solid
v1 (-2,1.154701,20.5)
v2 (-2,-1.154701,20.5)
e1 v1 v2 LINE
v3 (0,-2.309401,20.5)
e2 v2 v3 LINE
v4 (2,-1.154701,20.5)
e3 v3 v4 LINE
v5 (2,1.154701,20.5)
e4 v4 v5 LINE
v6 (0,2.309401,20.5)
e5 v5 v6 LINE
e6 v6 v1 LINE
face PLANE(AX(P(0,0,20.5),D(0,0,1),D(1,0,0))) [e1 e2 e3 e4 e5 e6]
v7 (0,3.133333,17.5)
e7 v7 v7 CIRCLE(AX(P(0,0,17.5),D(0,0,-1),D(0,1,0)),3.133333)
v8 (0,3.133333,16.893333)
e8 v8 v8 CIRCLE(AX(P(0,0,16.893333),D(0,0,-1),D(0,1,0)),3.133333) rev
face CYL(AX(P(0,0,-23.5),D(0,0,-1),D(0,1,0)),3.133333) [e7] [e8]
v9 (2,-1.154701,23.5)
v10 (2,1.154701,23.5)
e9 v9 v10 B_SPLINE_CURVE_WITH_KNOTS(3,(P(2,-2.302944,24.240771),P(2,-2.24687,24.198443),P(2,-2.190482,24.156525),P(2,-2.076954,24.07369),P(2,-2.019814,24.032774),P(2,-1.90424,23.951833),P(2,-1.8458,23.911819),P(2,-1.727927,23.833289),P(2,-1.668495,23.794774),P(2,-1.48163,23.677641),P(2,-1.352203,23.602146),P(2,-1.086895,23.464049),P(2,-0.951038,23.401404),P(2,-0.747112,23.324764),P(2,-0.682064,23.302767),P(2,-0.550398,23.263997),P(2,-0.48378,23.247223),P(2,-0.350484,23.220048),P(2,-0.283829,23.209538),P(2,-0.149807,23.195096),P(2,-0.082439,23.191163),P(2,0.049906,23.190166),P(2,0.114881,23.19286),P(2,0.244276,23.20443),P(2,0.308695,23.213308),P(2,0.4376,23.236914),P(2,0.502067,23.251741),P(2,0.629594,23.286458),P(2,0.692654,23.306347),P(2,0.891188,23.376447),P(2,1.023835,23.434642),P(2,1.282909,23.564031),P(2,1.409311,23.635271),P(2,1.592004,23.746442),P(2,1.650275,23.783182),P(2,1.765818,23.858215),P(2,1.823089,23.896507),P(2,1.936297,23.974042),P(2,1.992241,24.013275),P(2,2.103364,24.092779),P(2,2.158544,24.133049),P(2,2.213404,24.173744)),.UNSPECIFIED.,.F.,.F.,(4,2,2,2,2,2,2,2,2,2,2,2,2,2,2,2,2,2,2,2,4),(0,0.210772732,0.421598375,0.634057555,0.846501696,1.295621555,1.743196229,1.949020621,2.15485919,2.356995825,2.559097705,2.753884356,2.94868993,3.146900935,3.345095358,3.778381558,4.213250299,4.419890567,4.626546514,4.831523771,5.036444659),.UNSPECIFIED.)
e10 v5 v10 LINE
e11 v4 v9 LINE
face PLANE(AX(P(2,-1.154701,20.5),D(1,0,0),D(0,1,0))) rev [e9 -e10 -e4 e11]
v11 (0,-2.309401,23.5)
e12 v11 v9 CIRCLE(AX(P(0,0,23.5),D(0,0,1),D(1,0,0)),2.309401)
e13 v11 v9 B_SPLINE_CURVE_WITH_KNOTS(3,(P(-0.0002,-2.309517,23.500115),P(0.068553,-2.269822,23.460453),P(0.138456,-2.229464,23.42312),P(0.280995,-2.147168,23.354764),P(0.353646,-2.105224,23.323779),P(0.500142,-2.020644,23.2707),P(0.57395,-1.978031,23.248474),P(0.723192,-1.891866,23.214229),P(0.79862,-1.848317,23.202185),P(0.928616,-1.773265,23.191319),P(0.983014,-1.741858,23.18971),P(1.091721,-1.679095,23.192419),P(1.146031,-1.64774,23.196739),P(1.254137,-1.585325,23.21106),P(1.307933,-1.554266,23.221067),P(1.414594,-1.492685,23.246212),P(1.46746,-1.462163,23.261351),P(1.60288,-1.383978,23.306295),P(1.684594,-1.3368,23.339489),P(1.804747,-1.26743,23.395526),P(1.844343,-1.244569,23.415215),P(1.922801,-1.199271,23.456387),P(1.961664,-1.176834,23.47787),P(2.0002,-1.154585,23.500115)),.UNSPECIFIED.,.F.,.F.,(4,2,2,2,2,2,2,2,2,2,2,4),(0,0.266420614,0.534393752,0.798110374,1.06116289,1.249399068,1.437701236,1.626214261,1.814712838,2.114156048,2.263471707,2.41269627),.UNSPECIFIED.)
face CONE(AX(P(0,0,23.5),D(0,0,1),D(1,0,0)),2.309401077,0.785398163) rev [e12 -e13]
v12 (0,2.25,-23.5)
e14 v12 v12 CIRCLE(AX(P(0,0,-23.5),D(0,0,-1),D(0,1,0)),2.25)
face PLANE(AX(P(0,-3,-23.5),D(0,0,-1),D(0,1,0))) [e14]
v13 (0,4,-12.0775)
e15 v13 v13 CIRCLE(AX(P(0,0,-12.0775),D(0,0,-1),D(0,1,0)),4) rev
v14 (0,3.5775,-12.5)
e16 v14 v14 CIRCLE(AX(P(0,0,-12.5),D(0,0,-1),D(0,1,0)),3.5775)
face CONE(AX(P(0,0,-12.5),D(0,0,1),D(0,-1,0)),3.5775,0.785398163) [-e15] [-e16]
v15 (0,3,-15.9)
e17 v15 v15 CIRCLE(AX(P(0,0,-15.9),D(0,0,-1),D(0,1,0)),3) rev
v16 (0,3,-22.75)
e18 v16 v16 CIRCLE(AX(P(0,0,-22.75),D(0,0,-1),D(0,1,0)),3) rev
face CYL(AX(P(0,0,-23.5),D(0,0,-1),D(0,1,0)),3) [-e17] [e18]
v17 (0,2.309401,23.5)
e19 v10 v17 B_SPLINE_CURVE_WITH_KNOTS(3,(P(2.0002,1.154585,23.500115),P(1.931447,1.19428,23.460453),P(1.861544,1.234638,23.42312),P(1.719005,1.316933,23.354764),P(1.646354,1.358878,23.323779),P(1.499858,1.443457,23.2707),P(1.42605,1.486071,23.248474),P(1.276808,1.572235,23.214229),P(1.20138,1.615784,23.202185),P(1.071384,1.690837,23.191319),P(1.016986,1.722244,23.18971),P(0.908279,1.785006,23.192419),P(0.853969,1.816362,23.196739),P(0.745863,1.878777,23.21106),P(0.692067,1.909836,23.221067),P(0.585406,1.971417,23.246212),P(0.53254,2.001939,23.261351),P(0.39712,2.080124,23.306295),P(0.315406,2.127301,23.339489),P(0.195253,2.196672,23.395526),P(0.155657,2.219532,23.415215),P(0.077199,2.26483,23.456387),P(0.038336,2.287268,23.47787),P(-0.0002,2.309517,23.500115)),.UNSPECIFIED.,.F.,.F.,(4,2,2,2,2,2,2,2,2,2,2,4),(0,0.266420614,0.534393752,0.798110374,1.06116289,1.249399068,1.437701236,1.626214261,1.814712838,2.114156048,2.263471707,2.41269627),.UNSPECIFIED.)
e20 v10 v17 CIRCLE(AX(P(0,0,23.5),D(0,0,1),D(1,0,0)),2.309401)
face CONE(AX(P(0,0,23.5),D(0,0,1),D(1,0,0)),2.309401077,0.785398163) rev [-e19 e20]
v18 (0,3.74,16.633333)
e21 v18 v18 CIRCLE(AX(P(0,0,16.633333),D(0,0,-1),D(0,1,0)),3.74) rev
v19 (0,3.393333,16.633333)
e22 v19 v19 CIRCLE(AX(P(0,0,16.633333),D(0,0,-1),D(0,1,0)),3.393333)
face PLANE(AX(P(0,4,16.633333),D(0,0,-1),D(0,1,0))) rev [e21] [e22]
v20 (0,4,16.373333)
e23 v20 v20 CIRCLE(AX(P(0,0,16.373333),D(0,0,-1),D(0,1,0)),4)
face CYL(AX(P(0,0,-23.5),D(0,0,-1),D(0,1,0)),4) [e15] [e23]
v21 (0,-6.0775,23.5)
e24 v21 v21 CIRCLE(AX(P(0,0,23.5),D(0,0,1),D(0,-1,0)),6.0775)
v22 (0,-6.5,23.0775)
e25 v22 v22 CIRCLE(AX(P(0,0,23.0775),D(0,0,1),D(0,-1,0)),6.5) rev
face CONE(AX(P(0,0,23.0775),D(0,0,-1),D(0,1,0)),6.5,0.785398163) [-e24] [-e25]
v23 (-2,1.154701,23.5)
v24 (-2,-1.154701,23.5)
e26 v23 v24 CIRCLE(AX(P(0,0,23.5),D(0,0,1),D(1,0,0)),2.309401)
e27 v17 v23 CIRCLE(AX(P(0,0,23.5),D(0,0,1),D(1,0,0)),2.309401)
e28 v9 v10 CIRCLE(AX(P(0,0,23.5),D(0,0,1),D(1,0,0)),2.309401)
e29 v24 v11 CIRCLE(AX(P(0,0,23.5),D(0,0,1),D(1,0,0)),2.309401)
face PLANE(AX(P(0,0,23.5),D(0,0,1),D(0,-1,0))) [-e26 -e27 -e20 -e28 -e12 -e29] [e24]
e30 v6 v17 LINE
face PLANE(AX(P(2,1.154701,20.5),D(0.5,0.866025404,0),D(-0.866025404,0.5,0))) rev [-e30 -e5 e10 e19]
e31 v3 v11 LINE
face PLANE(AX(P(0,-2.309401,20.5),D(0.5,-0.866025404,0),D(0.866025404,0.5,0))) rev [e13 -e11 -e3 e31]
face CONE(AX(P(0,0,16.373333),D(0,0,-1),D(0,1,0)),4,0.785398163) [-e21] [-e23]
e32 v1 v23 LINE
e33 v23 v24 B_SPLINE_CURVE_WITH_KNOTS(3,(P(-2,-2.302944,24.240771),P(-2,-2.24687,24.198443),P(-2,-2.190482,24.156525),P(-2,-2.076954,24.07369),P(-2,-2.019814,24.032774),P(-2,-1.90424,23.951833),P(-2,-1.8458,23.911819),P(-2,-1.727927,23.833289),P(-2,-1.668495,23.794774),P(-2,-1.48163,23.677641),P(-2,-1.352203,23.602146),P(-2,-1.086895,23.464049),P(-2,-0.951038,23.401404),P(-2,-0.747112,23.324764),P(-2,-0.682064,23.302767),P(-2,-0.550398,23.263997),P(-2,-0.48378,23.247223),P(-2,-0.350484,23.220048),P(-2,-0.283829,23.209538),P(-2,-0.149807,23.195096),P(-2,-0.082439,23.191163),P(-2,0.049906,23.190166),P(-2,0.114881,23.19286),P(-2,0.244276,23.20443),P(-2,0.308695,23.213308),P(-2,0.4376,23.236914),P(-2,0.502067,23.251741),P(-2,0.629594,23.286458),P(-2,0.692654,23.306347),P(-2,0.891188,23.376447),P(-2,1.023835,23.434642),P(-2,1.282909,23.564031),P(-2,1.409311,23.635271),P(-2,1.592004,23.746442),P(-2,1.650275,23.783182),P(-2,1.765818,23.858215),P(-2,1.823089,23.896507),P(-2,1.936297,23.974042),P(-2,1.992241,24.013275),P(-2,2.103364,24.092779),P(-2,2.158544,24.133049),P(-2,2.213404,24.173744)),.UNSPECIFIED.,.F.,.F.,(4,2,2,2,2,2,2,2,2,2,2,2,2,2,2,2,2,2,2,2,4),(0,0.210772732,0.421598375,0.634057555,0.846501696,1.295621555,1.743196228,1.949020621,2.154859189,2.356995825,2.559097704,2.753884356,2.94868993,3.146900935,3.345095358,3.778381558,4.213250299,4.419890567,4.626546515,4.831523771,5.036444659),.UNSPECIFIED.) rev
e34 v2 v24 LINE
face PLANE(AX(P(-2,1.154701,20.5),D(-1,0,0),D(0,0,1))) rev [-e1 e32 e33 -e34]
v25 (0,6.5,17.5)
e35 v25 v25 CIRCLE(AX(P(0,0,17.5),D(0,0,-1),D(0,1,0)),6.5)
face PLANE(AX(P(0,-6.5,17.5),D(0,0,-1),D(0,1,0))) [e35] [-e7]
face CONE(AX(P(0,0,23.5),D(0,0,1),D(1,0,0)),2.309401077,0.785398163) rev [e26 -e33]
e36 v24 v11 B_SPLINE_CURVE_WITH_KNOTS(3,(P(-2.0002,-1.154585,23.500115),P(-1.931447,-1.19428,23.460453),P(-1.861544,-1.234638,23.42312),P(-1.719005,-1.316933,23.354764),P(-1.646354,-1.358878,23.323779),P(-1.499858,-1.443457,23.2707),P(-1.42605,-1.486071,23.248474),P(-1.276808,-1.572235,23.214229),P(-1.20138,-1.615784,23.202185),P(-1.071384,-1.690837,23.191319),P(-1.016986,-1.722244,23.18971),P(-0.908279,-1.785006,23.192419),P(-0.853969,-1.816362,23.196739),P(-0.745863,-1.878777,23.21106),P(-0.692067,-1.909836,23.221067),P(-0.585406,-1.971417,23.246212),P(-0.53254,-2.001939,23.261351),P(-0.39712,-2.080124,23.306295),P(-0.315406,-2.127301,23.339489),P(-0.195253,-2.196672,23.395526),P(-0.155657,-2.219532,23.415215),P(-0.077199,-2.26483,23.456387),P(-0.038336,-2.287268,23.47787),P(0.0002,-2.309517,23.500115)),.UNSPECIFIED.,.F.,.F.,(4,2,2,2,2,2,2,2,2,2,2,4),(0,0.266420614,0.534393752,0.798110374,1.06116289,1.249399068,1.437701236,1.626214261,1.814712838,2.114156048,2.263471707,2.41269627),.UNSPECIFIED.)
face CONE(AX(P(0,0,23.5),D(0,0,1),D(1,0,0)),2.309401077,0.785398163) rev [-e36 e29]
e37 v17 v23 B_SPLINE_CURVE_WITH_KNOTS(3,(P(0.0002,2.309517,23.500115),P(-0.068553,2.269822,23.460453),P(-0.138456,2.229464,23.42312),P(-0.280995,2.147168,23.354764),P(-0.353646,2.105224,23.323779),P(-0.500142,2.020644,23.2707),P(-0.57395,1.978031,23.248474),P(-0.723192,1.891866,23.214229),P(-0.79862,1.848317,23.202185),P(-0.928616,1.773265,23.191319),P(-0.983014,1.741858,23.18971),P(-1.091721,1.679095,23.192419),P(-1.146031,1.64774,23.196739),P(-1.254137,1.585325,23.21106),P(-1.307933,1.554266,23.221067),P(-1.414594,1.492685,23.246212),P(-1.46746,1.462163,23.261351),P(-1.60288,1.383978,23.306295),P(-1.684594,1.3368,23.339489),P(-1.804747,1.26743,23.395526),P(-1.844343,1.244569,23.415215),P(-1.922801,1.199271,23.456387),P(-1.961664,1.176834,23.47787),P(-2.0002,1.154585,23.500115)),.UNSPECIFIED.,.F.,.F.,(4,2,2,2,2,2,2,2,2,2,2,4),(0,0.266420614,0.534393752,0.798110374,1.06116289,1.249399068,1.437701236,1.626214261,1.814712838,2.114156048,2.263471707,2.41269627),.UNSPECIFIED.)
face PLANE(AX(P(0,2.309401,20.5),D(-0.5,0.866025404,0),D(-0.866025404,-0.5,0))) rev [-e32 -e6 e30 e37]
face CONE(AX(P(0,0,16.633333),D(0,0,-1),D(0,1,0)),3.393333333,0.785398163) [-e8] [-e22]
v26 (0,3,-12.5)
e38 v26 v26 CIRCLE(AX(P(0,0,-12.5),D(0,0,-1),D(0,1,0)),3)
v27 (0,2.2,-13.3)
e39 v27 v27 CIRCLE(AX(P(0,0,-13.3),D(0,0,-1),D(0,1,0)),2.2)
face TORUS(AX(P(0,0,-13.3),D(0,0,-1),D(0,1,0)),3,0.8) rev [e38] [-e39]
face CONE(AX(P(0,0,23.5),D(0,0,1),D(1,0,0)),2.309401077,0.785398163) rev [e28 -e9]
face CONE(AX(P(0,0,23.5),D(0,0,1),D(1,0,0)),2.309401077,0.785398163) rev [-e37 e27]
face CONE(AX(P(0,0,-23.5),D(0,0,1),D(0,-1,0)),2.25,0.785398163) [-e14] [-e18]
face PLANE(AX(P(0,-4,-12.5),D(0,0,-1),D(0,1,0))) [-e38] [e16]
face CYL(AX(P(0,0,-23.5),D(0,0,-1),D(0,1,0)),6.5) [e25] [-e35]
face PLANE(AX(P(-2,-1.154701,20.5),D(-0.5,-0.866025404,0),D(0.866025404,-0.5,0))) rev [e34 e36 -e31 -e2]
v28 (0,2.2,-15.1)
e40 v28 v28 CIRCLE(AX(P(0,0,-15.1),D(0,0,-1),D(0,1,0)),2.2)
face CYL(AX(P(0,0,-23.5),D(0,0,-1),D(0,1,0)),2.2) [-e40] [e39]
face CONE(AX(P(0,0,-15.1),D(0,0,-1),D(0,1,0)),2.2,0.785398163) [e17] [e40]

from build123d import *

# Parameters (mm, degrees)
SKETCH4_W          = 0.866666667
SKETCH4_H          = 0.866666667
CHAMFER1_SIZE      = 0.26
CHAMFER2_SIZE      = 0.75
CHAMFER3_SIZE      = 0.4225
CUT_EXTRUDE1_DEPTH = 3


with BuildPart() as part:
    # Sketch3 → Revolve1 (revolve)
    with BuildSketch(Plane(origin=(0, 0, 0), x_dir=(0, 0, -1), z_dir=(1, 0, 0))):
        Polygon((-23.5, 6.5), (-17.5, 6.5), (-17.5, 4), (12.5, 4), (12.5, 3), (23.5, 3), (23.5, 0), (-23.5, 0), align=None)
    revolve(axis=Axis((0, 0, -23.5), (0, 0, 1)))

    # Sketch4 → Cut-Revolve1 (revolve, cut)
    with BuildSketch(Plane(origin=(0, 0, 0), x_dir=(0, 0, -1), z_dir=(1, 0, 0))):
        with Locations((-17.066666666, 3.566666667)):
            Rectangle(SKETCH4_W, SKETCH4_H)
    revolve(axis=Axis((0, 0, -23.5), (0, 0, 1)), mode=Mode.SUBTRACT)

    # Chamfer1
    chamfer1_edges = [part.edges().sort_by_distance(p)[0] for p in [
        (0, -3.133333333, 16.633333333),
        (0, -4, 16.633333333),
    ]]
    chamfer(chamfer1_edges, length=CHAMFER1_SIZE)

    # Sketch6 → Cut-Revolve2 (revolve, cut)
    with BuildSketch(Plane(origin=(0, 0, 0), x_dir=(0, 0, -1), z_dir=(1, 0, 0))):
        with BuildLine():
            Line((12.5, 4), (16.9, 4))
            Line((16.9, 4), (15.1, 2.2))
            Line((15.1, 2.2), (13.3, 2.2))
            ThreePointArc((13.3, 2.2), (12.734314575, 2.434314575), (12.5, 3))
            Line((12.5, 3), (12.5, 4))
        make_face()
    revolve(axis=Axis((0, 0, -23.5), (0, 0, 1)), mode=Mode.SUBTRACT)

    # Chamfer2
    chamfer2_edges = [part.edges().sort_by_distance(p)[0] for p in [
        (0, -3, -23.5),
    ]]
    chamfer(chamfer2_edges, length=CHAMFER2_SIZE)

    # Chamfer3
    chamfer3_edges = [part.edges().sort_by_distance(p)[0] for p in [
        (0, -4, -12.5),
        (0, -6.5, 23.5),
    ]]
    chamfer(chamfer3_edges, length=CHAMFER3_SIZE)

    # Sketch8 → Cut-Extrude1 (cut)
    with BuildSketch(Plane.XY.offset(23.5)):
        Polygon((2, 1.154700538), (0, 2.309401077), (-2, 1.154700538), (-2, -1.154700538), (0, -2.309401077), (2, -1.154700538), align=None)
    extrude(amount=-CUT_EXTRUDE1_DEPTH, mode=Mode.SUBTRACT)

    # Cut-Extrude2 cone 1 section (through the dimple's axis) → Cut-Extrude2 (revolve, cut)
    with BuildSketch(Plane(origin=(0, 0, 23.5), x_dir=(0, -1, 0), z_dir=(1, 0, 0))):
        Polygon((0, 0), (2.309401077, 0), (0, 2.309401077), align=None)
    revolve(axis=Axis((0, 0, 23.5), (0, 0, -1)), mode=Mode.SUBTRACT)


solid = part.part
